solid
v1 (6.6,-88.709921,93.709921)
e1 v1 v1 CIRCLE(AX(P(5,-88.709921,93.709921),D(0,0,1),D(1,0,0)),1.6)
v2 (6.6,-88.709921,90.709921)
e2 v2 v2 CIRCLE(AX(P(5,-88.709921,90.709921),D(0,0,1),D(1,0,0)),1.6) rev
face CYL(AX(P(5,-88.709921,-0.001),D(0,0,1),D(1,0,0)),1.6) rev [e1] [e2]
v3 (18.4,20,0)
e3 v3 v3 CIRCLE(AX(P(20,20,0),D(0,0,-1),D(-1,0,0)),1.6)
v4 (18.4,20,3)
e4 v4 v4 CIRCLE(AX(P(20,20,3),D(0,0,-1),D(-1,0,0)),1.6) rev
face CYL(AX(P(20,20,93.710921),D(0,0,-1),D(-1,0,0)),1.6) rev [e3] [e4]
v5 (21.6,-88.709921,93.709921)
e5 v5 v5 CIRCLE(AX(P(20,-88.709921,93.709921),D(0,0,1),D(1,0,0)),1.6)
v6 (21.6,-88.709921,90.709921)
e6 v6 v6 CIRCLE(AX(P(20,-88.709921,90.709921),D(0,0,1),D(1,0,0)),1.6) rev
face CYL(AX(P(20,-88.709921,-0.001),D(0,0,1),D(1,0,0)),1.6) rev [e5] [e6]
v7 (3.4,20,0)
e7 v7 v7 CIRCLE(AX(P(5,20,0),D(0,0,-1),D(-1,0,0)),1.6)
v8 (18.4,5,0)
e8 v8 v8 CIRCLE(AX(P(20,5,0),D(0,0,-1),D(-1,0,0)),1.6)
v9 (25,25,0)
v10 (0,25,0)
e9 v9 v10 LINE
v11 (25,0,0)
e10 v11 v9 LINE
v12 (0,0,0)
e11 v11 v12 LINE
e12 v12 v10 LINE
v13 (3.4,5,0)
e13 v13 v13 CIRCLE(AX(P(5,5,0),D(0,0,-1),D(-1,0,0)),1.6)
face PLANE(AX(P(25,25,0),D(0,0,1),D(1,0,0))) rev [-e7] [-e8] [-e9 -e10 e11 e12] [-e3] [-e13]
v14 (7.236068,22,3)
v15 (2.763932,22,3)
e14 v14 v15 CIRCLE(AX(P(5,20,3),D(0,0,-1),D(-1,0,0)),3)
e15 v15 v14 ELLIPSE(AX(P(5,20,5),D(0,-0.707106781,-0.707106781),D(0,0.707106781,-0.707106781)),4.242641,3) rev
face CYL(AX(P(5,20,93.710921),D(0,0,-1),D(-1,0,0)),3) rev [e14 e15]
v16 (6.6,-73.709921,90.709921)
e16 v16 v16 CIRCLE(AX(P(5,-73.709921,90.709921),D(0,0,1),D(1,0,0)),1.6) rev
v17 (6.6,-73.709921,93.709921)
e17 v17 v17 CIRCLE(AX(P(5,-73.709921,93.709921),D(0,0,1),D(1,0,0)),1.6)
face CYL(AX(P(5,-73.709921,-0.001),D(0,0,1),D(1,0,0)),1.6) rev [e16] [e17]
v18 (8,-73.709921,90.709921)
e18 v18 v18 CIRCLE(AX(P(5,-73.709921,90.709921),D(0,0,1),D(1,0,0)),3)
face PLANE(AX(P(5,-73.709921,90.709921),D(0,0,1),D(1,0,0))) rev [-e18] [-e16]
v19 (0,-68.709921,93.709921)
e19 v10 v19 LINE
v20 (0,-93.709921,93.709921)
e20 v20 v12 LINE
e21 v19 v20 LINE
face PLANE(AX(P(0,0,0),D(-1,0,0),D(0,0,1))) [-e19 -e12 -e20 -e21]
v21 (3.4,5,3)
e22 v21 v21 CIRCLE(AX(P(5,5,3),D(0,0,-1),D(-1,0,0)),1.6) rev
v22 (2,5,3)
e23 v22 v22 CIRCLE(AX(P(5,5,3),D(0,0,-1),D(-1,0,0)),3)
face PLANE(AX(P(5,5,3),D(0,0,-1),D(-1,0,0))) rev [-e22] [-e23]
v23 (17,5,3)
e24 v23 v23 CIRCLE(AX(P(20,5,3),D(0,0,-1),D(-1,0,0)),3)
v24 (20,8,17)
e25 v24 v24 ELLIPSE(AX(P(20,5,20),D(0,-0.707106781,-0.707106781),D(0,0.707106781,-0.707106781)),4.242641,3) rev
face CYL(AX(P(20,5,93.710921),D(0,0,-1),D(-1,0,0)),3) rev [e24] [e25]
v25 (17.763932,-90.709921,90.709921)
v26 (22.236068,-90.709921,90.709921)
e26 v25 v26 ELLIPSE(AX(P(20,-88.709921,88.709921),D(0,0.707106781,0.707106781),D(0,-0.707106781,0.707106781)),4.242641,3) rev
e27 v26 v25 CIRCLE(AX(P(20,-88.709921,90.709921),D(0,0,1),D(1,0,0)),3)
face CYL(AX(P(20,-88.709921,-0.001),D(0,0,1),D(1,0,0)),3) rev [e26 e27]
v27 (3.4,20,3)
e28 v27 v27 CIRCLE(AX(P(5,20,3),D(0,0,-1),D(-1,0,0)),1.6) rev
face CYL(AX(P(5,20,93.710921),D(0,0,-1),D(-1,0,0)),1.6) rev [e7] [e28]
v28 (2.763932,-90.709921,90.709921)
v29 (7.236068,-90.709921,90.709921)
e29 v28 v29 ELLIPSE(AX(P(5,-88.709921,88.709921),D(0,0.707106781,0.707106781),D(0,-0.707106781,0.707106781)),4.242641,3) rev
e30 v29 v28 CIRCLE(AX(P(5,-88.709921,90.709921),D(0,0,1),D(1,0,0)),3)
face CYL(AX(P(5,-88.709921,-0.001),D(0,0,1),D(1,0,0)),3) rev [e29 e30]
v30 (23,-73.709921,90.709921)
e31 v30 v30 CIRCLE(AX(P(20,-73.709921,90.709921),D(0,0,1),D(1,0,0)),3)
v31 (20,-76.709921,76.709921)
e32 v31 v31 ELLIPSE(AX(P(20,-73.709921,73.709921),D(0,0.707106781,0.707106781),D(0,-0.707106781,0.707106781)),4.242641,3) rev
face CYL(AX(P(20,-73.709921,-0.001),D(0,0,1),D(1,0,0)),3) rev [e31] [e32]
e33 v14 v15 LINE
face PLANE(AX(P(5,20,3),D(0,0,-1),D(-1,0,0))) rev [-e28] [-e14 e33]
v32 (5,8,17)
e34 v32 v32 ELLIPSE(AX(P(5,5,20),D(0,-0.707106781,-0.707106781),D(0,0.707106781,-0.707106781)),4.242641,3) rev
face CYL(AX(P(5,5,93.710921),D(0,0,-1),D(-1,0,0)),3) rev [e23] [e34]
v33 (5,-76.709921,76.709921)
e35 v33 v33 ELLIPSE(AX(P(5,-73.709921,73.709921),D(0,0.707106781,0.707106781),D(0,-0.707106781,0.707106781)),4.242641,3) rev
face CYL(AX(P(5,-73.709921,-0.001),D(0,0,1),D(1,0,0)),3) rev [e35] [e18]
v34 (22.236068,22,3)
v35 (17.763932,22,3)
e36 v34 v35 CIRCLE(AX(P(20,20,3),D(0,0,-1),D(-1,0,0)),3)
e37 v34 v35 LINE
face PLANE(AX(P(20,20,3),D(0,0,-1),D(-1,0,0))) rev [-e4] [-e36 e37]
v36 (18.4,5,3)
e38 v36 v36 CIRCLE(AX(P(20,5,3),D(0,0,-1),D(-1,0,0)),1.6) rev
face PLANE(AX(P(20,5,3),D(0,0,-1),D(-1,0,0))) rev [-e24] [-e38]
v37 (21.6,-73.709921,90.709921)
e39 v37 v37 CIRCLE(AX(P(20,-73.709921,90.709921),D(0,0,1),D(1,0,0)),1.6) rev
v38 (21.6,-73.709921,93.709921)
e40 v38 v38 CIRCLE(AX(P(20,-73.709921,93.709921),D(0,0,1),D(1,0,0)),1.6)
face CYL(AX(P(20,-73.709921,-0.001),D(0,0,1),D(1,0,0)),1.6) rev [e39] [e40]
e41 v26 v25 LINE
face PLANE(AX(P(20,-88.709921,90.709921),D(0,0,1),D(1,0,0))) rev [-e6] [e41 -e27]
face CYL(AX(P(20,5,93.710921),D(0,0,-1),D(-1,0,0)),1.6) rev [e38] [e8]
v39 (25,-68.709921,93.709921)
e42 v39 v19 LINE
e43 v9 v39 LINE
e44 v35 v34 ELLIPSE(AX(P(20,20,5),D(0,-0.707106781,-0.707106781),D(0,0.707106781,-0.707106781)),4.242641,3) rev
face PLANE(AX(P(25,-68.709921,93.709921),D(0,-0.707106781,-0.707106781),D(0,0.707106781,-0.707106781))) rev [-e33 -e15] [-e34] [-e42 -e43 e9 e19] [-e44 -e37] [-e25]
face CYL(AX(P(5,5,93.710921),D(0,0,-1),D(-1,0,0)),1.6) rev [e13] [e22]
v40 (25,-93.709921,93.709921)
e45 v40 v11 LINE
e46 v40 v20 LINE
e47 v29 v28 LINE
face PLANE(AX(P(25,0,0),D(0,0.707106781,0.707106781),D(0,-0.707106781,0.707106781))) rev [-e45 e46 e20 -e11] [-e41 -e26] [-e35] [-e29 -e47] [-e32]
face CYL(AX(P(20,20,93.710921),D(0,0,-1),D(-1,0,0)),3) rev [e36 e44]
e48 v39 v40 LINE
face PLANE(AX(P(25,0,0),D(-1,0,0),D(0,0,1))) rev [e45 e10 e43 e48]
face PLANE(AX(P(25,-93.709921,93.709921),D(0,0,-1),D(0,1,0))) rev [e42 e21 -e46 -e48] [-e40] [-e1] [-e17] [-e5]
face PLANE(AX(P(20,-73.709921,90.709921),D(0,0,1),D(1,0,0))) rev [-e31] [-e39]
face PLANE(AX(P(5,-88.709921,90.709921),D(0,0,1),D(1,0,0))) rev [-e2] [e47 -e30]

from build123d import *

# Parameters (mm, degrees)
BOSS_EXTRUDE1_DEPTH = 25
CUT_EXTRUDE7_REACH  = 139.863
CUT_EXTRUDE7_START  = -3
SKETCH3_R           = 3
SKETCH3_R_2         = 1.6
CUT_EXTRUDE8_REACH  = 136.863
SKETCH3_3_R         = 1.6
CUT_EXTRUDE9_REACH  = 139.863
CUT_EXTRUDE9_START  = -3
SKETCH4_R           = 3
SKETCH4_R_2         = 1.6
CUT_EXTRUDE10_REACH = 136.863
SKETCH4_2_R         = 1.6


with BuildPart() as part:
    # Sketch1 → Boss-Extrude1 (new body)
    with BuildSketch(Plane(origin=(0, 0, 0), x_dir=(0, 0, -1), z_dir=(1, 0, 0))):
        Polygon((0, 0), (-93.70992099, -93.70992099), (-93.70992099, -68.70992099), (0, 25), align=None)
    extrude(amount=BOSS_EXTRUDE1_DEPTH)

    # Sketch3 → Cut-Extrude7 (cut, up to next)
    with BuildSketch(Plane(origin=(0, 0, 0), x_dir=(-1, 0, 0), z_dir=(0, 0, -1)).offset(CUT_EXTRUDE7_START), mode=Mode.PRIVATE) as cut_extrude7_sk1:
        with Locations((-20, 20)):
            Circle(SKETCH3_R)
        with Locations((-20, 20)):
            Circle(SKETCH3_R_2, mode=Mode.SUBTRACT)
    cut_extrude7_tool1 = extrude(cut_extrude7_sk1.sketch, amount=-CUT_EXTRUDE7_REACH, mode=Mode.PRIVATE) & part.part
    # Sketch3 → Cut-Extrude7 (cut, up to next)
    with BuildSketch(Plane(origin=(0, 0, 0), x_dir=(-1, 0, 0), z_dir=(0, 0, -1)).offset(CUT_EXTRUDE7_START), mode=Mode.PRIVATE) as cut_extrude7_sk2:
        with Locations((-20, 5)):
            Circle(SKETCH3_R)
        with Locations((-20, 5)):
            Circle(SKETCH3_R_2, mode=Mode.SUBTRACT)
    cut_extrude7_tool2 = extrude(cut_extrude7_sk2.sketch, amount=-CUT_EXTRUDE7_REACH, mode=Mode.PRIVATE) & part.part
    # Sketch3 → Cut-Extrude7 (cut, up to next)
    with BuildSketch(Plane(origin=(0, 0, 0), x_dir=(-1, 0, 0), z_dir=(0, 0, -1)).offset(CUT_EXTRUDE7_START), mode=Mode.PRIVATE) as cut_extrude7_sk3:
        with Locations((-5, 5)):
            Circle(SKETCH3_R)
        with Locations((-5, 5)):
            Circle(SKETCH3_R_2, mode=Mode.SUBTRACT)
    cut_extrude7_tool3 = extrude(cut_extrude7_sk3.sketch, amount=-CUT_EXTRUDE7_REACH, mode=Mode.PRIVATE) & part.part
    # Sketch3 → Cut-Extrude7 (cut, up to next)
    with BuildSketch(Plane(origin=(0, 0, 0), x_dir=(-1, 0, 0), z_dir=(0, 0, -1)).offset(CUT_EXTRUDE7_START), mode=Mode.PRIVATE) as cut_extrude7_sk4:
        with Locations((-5, 20)):
            Circle(SKETCH3_R)
        with Locations((-5, 20)):
            Circle(SKETCH3_R_2, mode=Mode.SUBTRACT)
    cut_extrude7_tool4 = extrude(cut_extrude7_sk4.sketch, amount=-CUT_EXTRUDE7_REACH, mode=Mode.PRIVATE) & part.part
    add(cut_extrude7_tool1.solids().sort_by_distance((22.915147, 20, 3))[0], mode=Mode.SUBTRACT)
    add(cut_extrude7_tool2.solids().sort_by_distance((22.915147, 5, 3))[0], mode=Mode.SUBTRACT)
    add(cut_extrude7_tool3.solids().sort_by_distance((7.915147, 5, 3))[0], mode=Mode.SUBTRACT)
    add(cut_extrude7_tool4.solids().sort_by_distance((7.915147, 20, 3))[0], mode=Mode.SUBTRACT)

    # Sketch3<3> → Cut-Extrude8 (cut, up to next)
    with BuildSketch(Plane(origin=(0, 0, 0), x_dir=(-1, 0, 0), z_dir=(0, 0, -1)), mode=Mode.PRIVATE) as cut_extrude8_sk1:
        with Locations((-20, 20)):
            Circle(SKETCH3_3_R)
    cut_extrude8_tool1 = extrude(cut_extrude8_sk1.sketch, amount=-CUT_EXTRUDE8_REACH, mode=Mode.PRIVATE) & part.part
    # Sketch3<3> → Cut-Extrude8 (cut, up to next)
    with BuildSketch(Plane(origin=(0, 0, 0), x_dir=(-1, 0, 0), z_dir=(0, 0, -1)), mode=Mode.PRIVATE) as cut_extrude8_sk2:
        with Locations((-20, 5)):
            Circle(SKETCH3_3_R)
    cut_extrude8_tool2 = extrude(cut_extrude8_sk2.sketch, amount=-CUT_EXTRUDE8_REACH, mode=Mode.PRIVATE) & part.part
    # Sketch3<3> → Cut-Extrude8 (cut, up to next)
    with BuildSketch(Plane(origin=(0, 0, 0), x_dir=(-1, 0, 0), z_dir=(0, 0, -1)), mode=Mode.PRIVATE) as cut_extrude8_sk3:
        with Locations((-5, 5)):
            Circle(SKETCH3_3_R)
    cut_extrude8_tool3 = extrude(cut_extrude8_sk3.sketch, amount=-CUT_EXTRUDE8_REACH, mode=Mode.PRIVATE) & part.part
    # Sketch3<3> → Cut-Extrude8 (cut, up to next)
    with BuildSketch(Plane(origin=(0, 0, 0), x_dir=(-1, 0, 0), z_dir=(0, 0, -1)), mode=Mode.PRIVATE) as cut_extrude8_sk4:
        with Locations((-5, 20)):
            Circle(SKETCH3_3_R)
    cut_extrude8_tool4 = extrude(cut_extrude8_sk4.sketch, amount=-CUT_EXTRUDE8_REACH, mode=Mode.PRIVATE) & part.part
    add(cut_extrude8_tool1.solids().sort_by_distance((20, 20, 0))[0], mode=Mode.SUBTRACT)
    add(cut_extrude8_tool2.solids().sort_by_distance((20, 5, 0))[0], mode=Mode.SUBTRACT)
    add(cut_extrude8_tool3.solids().sort_by_distance((5, 5, 0))[0], mode=Mode.SUBTRACT)
    add(cut_extrude8_tool4.solids().sort_by_distance((5, 20, 0))[0], mode=Mode.SUBTRACT)

    # Sketch4 → Cut-Extrude9 (cut, up to next)
    with BuildSketch(Plane.XY.offset(93.70992099).offset(CUT_EXTRUDE9_START), mode=Mode.PRIVATE) as cut_extrude9_sk1:
        with Locations((5, -73.70992099)):
            Circle(SKETCH4_R)
        with Locations((5, -73.70992099)):
            Circle(SKETCH4_R_2, mode=Mode.SUBTRACT)
    cut_extrude9_tool1 = extrude(cut_extrude9_sk1.sketch, amount=-CUT_EXTRUDE9_REACH, mode=Mode.PRIVATE) & part.part
    # Sketch4 → Cut-Extrude9 (cut, up to next)
    with BuildSketch(Plane.XY.offset(93.70992099).offset(CUT_EXTRUDE9_START), mode=Mode.PRIVATE) as cut_extrude9_sk2:
        with Locations((5, -88.70992099)):
            Circle(SKETCH4_R)
        with Locations((5, -88.70992099)):
            Circle(SKETCH4_R_2, mode=Mode.SUBTRACT)
    cut_extrude9_tool2 = extrude(cut_extrude9_sk2.sketch, amount=-CUT_EXTRUDE9_REACH, mode=Mode.PRIVATE) & part.part
    # Sketch4 → Cut-Extrude9 (cut, up to next)
    with BuildSketch(Plane.XY.offset(93.70992099).offset(CUT_EXTRUDE9_START), mode=Mode.PRIVATE) as cut_extrude9_sk3:
        with Locations((20, -88.70992099)):
            Circle(SKETCH4_R)
        with Locations((20, -88.70992099)):
            Circle(SKETCH4_R_2, mode=Mode.SUBTRACT)
    cut_extrude9_tool3 = extrude(cut_extrude9_sk3.sketch, amount=-CUT_EXTRUDE9_REACH, mode=Mode.PRIVATE) & part.part
    # Sketch4 → Cut-Extrude9 (cut, up to next)
    with BuildSketch(Plane.XY.offset(93.70992099).offset(CUT_EXTRUDE9_START), mode=Mode.PRIVATE) as cut_extrude9_sk4:
        with Locations((20, -73.70992099)):
            Circle(SKETCH4_R)
        with Locations((20, -73.70992099)):
            Circle(SKETCH4_R_2, mode=Mode.SUBTRACT)
    cut_extrude9_tool4 = extrude(cut_extrude9_sk4.sketch, amount=-CUT_EXTRUDE9_REACH, mode=Mode.PRIVATE) & part.part
    add(cut_extrude9_tool1.solids().sort_by_distance((2.084853, -73.709921, 90.709921))[0], mode=Mode.SUBTRACT)
    add(cut_extrude9_tool2.solids().sort_by_distance((2.084853, -88.709921, 90.709921))[0], mode=Mode.SUBTRACT)
    add(cut_extrude9_tool3.solids().sort_by_distance((17.084853, -88.709921, 90.709921))[0], mode=Mode.SUBTRACT)
    add(cut_extrude9_tool4.solids().sort_by_distance((17.084853, -73.709921, 90.709921))[0], mode=Mode.SUBTRACT)

    # Sketch4<2> → Cut-Extrude10 (cut, up to next)
    with BuildSketch(Plane.XY.offset(93.70992099), mode=Mode.PRIVATE) as cut_extrude10_sk1:
        with Locations((5, -73.70992099)):
            Circle(SKETCH4_2_R)
    cut_extrude10_tool1 = extrude(cut_extrude10_sk1.sketch, amount=-CUT_EXTRUDE10_REACH, mode=Mode.PRIVATE) & part.part
    # Sketch4<2> → Cut-Extrude10 (cut, up to next)
    with BuildSketch(Plane.XY.offset(93.70992099), mode=Mode.PRIVATE) as cut_extrude10_sk2:
        with Locations((5, -88.70992099)):
            Circle(SKETCH4_2_R)
    cut_extrude10_tool2 = extrude(cut_extrude10_sk2.sketch, amount=-CUT_EXTRUDE10_REACH, mode=Mode.PRIVATE) & part.part
    # Sketch4<2> → Cut-Extrude10 (cut, up to next)
    with BuildSketch(Plane.XY.offset(93.70992099), mode=Mode.PRIVATE) as cut_extrude10_sk3:
        with Locations((20, -88.70992099)):
            Circle(SKETCH4_2_R)
    cut_extrude10_tool3 = extrude(cut_extrude10_sk3.sketch, amount=-CUT_EXTRUDE10_REACH, mode=Mode.PRIVATE) & part.part
    # Sketch4<2> → Cut-Extrude10 (cut, up to next)
    with BuildSketch(Plane.XY.offset(93.70992099), mode=Mode.PRIVATE) as cut_extrude10_sk4:
        with Locations((20, -73.70992099)):
            Circle(SKETCH4_2_R)
    cut_extrude10_tool4 = extrude(cut_extrude10_sk4.sketch, amount=-CUT_EXTRUDE10_REACH, mode=Mode.PRIVATE) & part.part
    add(cut_extrude10_tool1.solids().sort_by_distance((5, -73.709921, 93.709921))[0], mode=Mode.SUBTRACT)
    add(cut_extrude10_tool2.solids().sort_by_distance((5, -88.709921, 93.709921))[0], mode=Mode.SUBTRACT)
    add(cut_extrude10_tool3.solids().sort_by_distance((20, -88.709921, 93.709921))[0], mode=Mode.SUBTRACT)
    add(cut_extrude10_tool4.solids().sort_by_distance((20, -73.709921, 93.709921))[0], mode=Mode.SUBTRACT)


solid = part.part
